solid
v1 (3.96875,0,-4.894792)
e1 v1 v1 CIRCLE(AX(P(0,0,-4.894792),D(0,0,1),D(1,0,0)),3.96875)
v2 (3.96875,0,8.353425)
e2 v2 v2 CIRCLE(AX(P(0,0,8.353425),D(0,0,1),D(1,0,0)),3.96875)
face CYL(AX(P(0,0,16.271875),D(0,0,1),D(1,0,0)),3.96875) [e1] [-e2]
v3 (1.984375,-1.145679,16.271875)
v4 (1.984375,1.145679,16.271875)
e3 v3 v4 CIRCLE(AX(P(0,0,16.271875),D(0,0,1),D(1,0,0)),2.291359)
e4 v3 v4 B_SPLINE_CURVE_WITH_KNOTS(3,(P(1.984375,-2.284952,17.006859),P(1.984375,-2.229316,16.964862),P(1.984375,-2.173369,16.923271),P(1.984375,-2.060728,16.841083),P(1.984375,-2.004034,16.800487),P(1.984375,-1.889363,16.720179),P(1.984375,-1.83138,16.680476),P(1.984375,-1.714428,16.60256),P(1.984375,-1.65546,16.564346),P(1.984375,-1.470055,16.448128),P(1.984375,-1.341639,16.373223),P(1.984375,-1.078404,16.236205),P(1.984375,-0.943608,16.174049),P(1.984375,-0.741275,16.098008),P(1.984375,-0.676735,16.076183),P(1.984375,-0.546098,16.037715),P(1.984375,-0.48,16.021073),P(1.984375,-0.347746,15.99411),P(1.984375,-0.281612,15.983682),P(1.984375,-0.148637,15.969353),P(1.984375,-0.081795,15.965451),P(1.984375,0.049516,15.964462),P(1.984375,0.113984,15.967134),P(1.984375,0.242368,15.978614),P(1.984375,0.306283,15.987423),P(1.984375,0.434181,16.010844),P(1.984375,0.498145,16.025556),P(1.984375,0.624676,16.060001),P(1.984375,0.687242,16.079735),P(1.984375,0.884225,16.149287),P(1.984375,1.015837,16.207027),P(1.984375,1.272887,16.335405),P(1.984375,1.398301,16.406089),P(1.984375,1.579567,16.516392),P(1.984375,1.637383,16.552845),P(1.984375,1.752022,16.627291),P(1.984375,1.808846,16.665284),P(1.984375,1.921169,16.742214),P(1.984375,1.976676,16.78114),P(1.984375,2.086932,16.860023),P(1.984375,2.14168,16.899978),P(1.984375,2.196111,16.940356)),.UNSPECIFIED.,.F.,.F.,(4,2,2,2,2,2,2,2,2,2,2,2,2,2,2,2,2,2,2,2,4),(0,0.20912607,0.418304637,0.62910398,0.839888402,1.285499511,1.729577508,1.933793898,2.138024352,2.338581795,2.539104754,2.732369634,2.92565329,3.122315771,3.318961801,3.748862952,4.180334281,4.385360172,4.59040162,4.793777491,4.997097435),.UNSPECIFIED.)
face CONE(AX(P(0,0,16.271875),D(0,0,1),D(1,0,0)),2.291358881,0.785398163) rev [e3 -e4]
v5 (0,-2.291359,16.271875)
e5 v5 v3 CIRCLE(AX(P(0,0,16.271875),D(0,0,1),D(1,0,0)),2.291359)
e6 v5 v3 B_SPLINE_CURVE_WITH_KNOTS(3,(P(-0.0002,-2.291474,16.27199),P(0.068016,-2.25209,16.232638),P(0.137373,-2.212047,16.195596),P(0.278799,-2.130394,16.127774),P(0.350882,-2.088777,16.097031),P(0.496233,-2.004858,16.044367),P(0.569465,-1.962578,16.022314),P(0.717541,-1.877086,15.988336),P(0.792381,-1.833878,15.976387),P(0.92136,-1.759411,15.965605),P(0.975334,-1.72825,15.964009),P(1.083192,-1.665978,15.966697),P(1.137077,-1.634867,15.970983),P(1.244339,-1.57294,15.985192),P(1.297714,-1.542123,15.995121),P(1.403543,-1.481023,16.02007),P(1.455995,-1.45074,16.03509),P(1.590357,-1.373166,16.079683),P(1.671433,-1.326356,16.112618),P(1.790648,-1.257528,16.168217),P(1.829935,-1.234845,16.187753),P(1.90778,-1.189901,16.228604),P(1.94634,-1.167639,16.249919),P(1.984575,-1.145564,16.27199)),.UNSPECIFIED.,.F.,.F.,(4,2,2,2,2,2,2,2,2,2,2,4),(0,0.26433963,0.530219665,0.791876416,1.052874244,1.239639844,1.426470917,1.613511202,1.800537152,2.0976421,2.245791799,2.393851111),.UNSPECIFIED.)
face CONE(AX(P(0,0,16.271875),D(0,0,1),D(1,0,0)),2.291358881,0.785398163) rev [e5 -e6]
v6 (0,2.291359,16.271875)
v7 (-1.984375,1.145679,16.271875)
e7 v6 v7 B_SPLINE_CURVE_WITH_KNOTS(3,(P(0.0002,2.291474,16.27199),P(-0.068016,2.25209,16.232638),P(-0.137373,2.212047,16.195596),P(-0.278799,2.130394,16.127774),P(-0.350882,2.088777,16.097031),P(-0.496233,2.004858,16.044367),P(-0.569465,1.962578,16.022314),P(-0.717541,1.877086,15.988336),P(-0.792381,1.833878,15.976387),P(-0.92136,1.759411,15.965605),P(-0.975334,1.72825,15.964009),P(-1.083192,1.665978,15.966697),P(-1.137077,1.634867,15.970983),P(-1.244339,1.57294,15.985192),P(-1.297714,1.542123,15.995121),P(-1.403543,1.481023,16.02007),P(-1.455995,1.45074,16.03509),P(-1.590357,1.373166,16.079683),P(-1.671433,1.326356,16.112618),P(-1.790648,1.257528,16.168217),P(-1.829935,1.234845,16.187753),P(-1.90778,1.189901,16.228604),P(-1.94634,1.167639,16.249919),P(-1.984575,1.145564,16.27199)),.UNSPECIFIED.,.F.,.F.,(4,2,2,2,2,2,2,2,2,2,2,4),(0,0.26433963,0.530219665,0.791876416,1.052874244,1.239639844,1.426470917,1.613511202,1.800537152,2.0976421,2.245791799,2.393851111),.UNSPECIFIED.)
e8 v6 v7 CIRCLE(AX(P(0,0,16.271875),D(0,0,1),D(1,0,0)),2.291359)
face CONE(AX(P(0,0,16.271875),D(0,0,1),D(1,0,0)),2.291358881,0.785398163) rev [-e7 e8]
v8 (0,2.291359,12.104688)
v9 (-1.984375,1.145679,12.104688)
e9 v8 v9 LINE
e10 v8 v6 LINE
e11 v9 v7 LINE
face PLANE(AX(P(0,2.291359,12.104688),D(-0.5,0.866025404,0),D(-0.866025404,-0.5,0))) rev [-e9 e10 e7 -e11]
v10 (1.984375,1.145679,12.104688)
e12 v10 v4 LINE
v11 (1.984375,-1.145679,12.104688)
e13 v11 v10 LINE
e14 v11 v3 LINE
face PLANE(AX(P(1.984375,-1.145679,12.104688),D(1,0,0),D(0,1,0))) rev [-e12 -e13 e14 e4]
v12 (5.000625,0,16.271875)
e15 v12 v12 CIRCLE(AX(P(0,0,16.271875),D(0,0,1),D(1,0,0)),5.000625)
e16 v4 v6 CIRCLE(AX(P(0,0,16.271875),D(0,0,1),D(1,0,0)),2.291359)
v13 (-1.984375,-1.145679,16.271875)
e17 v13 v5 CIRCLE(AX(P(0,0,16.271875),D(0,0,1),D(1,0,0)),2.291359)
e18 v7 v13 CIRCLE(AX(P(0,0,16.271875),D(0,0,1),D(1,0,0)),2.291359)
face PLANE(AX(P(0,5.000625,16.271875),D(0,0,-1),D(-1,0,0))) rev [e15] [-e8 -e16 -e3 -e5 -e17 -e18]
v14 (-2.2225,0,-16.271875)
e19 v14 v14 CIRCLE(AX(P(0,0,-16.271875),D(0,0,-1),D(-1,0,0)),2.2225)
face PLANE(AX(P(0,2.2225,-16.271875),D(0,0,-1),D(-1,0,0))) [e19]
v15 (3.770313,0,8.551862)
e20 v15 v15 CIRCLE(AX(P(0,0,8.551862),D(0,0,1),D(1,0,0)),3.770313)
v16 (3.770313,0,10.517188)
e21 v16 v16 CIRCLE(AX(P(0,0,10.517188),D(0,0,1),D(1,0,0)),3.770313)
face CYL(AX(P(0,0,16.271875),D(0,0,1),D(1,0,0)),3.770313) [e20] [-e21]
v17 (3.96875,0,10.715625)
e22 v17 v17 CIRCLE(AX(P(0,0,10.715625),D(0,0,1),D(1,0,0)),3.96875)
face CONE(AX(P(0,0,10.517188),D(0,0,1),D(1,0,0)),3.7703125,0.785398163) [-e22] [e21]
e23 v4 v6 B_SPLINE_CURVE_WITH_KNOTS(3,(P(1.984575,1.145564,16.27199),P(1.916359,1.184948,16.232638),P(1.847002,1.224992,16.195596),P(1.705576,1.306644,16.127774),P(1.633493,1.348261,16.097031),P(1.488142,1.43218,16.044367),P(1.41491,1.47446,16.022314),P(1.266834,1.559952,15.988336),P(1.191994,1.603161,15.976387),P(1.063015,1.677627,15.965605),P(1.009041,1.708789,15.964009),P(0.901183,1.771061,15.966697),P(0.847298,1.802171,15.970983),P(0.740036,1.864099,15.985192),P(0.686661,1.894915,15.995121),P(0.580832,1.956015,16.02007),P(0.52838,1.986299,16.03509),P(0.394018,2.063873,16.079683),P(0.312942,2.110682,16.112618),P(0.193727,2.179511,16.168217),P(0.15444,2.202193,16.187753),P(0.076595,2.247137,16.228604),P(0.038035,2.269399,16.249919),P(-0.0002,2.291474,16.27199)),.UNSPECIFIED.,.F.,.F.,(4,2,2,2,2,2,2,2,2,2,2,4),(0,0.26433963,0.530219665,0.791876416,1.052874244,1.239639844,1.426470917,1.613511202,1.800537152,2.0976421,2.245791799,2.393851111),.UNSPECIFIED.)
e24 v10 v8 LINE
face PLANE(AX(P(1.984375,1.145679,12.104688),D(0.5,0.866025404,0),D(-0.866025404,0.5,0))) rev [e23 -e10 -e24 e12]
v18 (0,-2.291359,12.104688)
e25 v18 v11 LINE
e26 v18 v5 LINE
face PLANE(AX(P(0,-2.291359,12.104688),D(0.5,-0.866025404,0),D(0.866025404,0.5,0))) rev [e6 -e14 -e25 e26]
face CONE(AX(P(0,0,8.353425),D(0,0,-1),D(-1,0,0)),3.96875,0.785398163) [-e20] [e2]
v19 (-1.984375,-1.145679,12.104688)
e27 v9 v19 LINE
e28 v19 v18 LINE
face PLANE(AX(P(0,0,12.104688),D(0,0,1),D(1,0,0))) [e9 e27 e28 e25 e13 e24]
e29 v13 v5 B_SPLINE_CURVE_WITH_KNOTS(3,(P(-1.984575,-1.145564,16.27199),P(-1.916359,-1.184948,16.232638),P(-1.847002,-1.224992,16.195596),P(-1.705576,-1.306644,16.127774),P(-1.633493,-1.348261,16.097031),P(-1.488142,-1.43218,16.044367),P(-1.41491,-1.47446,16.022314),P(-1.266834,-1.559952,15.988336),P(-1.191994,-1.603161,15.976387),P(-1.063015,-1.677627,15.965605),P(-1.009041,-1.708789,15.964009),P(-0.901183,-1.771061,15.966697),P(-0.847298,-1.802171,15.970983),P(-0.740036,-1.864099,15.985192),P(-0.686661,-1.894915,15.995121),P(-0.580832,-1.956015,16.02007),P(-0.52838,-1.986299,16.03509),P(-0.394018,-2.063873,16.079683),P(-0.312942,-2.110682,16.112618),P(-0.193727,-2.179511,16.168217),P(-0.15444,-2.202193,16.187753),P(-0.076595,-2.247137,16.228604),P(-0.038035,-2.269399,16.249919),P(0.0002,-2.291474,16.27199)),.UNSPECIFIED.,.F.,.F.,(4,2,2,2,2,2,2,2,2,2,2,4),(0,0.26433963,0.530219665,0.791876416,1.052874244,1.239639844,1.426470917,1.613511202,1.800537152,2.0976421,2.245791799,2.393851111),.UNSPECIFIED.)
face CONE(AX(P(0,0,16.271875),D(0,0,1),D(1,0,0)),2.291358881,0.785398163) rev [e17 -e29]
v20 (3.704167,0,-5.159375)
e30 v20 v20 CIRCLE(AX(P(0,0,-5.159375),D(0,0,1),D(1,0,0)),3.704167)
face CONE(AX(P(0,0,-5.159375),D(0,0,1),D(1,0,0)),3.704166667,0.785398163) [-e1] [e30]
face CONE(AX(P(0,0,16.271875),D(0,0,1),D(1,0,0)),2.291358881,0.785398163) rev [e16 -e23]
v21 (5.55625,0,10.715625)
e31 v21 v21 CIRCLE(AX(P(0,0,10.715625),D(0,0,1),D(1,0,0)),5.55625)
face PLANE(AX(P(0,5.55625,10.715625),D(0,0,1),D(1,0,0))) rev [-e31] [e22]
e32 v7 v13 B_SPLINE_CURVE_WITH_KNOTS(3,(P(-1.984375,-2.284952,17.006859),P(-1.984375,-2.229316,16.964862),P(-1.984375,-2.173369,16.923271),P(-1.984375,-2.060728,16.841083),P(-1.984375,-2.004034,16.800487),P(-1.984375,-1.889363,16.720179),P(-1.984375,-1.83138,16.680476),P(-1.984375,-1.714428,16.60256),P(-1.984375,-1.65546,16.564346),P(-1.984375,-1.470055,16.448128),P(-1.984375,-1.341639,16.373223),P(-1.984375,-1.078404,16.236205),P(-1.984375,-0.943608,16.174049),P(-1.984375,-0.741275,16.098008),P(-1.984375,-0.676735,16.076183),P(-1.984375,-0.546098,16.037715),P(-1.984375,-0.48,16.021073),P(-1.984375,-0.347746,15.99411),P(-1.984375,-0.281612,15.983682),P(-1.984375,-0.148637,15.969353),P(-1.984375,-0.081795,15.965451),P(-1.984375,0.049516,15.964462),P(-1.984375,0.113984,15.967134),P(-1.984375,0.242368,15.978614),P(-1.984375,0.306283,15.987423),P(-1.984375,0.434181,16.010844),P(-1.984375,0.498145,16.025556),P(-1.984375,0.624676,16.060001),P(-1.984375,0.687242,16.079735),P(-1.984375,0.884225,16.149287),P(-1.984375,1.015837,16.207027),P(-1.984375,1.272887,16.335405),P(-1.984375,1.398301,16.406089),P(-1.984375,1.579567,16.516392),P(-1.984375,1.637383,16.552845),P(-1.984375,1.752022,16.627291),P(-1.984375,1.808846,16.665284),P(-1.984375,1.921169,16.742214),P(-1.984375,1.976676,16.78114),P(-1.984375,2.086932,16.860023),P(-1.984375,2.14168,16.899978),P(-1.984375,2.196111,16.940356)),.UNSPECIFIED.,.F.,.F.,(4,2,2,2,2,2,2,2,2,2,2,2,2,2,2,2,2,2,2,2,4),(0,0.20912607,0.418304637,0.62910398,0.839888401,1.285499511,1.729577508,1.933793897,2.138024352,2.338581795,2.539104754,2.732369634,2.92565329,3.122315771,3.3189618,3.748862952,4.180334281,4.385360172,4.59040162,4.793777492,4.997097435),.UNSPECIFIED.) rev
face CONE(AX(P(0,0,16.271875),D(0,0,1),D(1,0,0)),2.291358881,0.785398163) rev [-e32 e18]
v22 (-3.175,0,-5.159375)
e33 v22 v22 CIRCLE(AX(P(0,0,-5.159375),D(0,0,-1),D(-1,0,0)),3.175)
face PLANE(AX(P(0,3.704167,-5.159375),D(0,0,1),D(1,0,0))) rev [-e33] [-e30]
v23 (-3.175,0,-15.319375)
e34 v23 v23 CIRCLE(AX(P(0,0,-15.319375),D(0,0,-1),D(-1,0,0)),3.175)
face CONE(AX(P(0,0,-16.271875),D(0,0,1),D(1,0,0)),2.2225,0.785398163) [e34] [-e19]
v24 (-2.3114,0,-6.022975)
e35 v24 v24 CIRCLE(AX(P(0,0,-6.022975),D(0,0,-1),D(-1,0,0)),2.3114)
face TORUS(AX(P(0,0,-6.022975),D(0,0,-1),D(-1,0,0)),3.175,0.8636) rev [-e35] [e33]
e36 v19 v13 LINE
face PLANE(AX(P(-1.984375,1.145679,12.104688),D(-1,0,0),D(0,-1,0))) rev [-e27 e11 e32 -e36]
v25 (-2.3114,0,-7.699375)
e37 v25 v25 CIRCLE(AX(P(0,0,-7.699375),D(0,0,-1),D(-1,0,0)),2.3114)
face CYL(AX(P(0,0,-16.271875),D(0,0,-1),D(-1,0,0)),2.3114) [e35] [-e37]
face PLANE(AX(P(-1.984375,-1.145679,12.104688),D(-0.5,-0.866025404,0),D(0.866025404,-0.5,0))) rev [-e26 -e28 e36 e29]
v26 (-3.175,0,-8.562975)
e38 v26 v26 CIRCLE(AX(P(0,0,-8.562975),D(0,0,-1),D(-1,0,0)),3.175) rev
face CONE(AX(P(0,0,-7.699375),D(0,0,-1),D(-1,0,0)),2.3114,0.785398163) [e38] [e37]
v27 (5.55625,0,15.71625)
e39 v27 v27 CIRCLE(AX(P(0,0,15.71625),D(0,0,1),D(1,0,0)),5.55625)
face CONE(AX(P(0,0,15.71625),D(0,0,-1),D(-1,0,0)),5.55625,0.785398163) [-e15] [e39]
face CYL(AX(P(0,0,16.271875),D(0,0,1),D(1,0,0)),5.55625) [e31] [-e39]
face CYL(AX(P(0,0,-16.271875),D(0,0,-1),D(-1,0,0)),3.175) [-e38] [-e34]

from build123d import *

# Parameters (mm, degrees)
CUT_EXTRUDE1_DEPTH = 4.1671875


with BuildPart() as part:
    # Sketch4 → Revolve1 (revolve)
    with BuildSketch(Plane(origin=(0, 0, 0), x_dir=(0, 0, -1), z_dir=(1, 0, 0))):
        Polygon((-10.715625, 5.55625), (-15.71625, 5.55625), (-16.271875, 5.000625), (-16.271875, 0), (5.159375, 0), (5.159375, 3.704166667), (4.894791667, 3.96875), (-8.353425, 3.96875), (-8.5518625, 3.7703125), (-10.5171875, 3.7703125), (-10.715625, 3.96875), align=None)
    revolve(axis=Axis((0, 0, 16.271875), (0, 0, -1)))

    # Sketch5 → Cut-Extrude1 (cut)
    with BuildSketch(Plane.XY.offset(16.271875)):
        Polygon((1.984375, 1.14567944), (0, 2.291358881), (-1.984375, 1.14567944), (-1.984375, -1.14567944), (0, -2.291358881), (1.984375, -1.14567944), align=None)
    extrude(amount=-CUT_EXTRUDE1_DEPTH, mode=Mode.SUBTRACT)

    # Cut-Extrude4 cone 1 section (through the dimple's axis) → Cut-Extrude4 (revolve, cut)
    with BuildSketch(Plane(origin=(0, 0, 16.271875), x_dir=(0, -1, 0), z_dir=(1, 0, 0))):
        Polygon((0, 0), (2.291358881, 0), (0, 2.291358881), align=None)
    revolve(axis=Axis((0, 0, 16.271875), (0, 0, -1)), mode=Mode.SUBTRACT)

    # Sketch7 → Revolve2 (revolve)
    with BuildSketch(Plane(origin=(0, 0, 0), x_dir=(0, 0, -1), z_dir=(1, 0, 0))):
        Polygon((5.159375, 3.175), (15.319375, 3.175), (16.271875, 2.2225), (16.271875, 0), (5.159375, 0), align=None)
    revolve(axis=Axis((0, 0, -16.271875), (0, 0, 1)))

    # Sketch10 → Cut-Revolve1 (revolve, cut)
    with BuildSketch(Plane(origin=(0, 0, 0), x_dir=(0, 0, -1), z_dir=(1, 0, 0))):
        with BuildLine():
            Line((6.022975, 2.3114), (7.699375, 2.3114))
            Line((7.699375, 2.3114), (9.356725, 3.96875))
            Line((9.356725, 3.96875), (5.159375, 3.96875))
            Line((5.159375, 3.96875), (5.159375, 3.175))
            ThreePointArc((5.159375, 3.175), (5.412317584, 2.564342584), (6.022975, 2.3114))
        make_face()
    revolve(axis=Axis((0, 0, -16.271875), (0, 0, 1)), mode=Mode.SUBTRACT)


solid = part.part
